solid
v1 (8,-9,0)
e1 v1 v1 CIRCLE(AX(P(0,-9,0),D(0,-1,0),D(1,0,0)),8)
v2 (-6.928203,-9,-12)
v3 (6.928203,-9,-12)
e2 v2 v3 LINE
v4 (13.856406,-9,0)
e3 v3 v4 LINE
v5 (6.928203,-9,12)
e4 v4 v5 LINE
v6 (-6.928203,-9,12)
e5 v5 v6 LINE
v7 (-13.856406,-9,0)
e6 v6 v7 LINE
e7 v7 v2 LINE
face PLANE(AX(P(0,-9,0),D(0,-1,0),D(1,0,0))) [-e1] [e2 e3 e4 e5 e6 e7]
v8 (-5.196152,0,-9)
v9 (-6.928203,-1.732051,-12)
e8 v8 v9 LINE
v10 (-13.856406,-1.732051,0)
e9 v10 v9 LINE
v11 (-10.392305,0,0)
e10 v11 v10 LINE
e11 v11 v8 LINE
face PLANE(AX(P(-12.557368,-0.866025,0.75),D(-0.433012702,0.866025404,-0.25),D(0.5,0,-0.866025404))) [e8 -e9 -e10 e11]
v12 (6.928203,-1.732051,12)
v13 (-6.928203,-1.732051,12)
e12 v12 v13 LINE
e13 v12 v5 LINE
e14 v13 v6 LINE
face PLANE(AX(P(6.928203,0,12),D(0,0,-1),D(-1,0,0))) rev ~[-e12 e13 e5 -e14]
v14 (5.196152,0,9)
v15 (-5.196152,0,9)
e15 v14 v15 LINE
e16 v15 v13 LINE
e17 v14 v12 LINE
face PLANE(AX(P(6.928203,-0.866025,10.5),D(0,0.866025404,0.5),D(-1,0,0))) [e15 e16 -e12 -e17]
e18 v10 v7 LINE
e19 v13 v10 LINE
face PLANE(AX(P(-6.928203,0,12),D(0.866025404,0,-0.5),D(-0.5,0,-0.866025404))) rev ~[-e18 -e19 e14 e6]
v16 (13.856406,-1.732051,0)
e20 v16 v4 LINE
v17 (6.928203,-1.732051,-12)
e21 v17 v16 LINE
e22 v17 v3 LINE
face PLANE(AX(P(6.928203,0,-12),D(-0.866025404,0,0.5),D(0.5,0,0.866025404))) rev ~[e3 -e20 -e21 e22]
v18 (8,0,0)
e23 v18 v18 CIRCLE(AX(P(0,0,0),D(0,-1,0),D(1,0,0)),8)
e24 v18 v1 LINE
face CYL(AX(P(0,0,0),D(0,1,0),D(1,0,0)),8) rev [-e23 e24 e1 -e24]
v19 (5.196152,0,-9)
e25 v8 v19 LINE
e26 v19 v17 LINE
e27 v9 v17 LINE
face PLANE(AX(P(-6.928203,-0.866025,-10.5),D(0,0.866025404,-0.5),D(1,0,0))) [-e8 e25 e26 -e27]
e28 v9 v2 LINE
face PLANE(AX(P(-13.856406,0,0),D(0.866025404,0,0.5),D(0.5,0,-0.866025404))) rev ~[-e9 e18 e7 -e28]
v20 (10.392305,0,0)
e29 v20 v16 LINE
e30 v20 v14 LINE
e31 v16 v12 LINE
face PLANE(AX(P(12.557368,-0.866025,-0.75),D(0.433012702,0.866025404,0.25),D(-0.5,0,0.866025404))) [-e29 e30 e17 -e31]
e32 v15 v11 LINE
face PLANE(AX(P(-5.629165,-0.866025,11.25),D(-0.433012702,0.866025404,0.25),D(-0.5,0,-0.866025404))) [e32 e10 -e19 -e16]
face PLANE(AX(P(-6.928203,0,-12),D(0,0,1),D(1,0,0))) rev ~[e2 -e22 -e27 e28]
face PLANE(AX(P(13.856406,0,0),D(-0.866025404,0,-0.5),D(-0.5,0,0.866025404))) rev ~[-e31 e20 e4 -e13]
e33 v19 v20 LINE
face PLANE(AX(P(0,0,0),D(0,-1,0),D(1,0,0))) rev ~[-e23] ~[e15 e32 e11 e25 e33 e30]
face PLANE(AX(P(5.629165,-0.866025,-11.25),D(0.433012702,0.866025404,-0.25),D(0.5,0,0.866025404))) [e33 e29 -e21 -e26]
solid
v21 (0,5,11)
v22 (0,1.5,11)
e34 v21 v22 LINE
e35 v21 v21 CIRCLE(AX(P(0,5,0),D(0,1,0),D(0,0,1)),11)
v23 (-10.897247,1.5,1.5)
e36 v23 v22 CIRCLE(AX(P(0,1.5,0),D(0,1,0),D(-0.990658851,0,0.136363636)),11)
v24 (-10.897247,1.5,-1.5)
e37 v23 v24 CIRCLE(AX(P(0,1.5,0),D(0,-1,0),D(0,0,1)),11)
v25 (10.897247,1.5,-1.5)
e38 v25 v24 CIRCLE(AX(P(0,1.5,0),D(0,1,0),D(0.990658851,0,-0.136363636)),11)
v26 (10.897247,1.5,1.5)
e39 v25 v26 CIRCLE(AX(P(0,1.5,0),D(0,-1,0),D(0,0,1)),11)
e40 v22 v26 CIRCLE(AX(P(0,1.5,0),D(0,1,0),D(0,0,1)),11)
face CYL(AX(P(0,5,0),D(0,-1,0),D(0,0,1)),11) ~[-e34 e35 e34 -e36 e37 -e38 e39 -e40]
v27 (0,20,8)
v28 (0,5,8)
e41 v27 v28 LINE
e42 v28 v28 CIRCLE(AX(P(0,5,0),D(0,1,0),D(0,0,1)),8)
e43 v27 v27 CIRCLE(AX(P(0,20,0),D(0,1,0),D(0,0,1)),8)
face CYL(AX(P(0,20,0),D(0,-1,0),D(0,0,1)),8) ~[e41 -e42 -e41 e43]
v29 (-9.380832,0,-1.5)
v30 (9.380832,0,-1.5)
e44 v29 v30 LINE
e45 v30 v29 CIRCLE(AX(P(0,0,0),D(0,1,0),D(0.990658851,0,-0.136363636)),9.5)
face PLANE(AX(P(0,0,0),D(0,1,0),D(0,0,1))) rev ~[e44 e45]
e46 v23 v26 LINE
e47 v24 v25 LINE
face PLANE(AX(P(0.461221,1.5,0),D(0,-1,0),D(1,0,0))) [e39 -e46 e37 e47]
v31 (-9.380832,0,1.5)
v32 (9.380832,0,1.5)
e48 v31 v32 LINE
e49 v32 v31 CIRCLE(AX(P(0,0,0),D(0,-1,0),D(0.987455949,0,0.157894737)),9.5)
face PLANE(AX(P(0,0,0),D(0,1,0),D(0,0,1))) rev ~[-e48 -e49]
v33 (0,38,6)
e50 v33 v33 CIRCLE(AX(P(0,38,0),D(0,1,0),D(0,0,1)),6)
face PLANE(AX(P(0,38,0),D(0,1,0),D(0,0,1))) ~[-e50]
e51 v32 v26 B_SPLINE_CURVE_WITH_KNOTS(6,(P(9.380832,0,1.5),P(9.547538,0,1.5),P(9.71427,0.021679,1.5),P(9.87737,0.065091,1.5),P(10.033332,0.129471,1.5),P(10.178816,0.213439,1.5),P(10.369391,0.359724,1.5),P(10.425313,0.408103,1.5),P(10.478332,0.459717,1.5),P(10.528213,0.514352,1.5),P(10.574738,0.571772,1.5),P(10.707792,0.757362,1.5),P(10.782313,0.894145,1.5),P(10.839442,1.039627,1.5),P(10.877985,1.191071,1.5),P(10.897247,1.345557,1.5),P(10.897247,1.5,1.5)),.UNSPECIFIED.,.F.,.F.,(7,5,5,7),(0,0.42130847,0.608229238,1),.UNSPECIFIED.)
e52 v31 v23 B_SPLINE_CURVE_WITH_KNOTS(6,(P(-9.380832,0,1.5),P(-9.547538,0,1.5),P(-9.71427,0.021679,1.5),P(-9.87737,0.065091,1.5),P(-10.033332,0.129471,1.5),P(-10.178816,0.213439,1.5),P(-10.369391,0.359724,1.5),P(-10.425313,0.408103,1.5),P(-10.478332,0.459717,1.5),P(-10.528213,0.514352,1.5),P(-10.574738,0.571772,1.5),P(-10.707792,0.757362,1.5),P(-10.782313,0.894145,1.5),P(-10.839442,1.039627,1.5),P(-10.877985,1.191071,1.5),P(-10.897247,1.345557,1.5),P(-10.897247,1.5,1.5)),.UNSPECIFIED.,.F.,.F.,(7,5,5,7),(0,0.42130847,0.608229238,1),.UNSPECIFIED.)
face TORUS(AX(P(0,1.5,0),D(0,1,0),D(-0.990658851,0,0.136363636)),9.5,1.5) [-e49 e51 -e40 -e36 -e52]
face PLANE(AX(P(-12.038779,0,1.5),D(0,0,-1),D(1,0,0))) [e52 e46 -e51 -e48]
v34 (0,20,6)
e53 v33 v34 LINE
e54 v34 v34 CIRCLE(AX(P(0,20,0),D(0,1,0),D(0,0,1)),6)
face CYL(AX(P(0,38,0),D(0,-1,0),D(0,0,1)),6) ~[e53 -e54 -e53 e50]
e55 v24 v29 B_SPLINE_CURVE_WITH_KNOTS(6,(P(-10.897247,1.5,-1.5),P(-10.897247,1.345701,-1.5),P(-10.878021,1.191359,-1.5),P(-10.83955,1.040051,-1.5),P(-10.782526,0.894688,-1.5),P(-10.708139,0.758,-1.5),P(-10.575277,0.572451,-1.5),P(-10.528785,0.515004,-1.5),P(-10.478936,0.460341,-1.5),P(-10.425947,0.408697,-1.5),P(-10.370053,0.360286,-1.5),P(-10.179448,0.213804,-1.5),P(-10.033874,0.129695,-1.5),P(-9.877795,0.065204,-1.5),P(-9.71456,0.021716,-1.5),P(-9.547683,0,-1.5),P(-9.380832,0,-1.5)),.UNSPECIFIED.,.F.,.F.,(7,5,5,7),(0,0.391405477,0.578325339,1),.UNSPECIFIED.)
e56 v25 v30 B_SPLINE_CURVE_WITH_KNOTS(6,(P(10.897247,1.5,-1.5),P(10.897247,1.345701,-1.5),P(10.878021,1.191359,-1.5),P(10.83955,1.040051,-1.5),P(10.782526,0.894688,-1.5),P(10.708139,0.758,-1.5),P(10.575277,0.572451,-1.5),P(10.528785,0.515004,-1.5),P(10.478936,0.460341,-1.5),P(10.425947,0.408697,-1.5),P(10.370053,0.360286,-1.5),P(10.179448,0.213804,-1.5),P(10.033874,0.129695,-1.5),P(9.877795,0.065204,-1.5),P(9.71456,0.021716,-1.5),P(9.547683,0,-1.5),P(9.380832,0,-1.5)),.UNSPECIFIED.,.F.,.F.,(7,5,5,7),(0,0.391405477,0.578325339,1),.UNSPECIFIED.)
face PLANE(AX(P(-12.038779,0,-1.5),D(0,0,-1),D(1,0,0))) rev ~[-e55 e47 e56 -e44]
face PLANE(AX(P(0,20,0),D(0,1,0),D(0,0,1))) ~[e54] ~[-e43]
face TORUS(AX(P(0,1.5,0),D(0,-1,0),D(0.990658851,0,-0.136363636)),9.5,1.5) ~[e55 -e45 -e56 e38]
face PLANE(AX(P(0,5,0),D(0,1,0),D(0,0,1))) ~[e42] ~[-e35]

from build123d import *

# Parameters (mm, degrees)
F2_R     = 8
F3_DEPTH = 9
F4_W     = 25
F4_H     = 3
F5_DEPTH = 1.5
F6_R     = 1.5
F7_SIZE2 = 1.7320508076
F7_SIZE  = 3


with BuildPart() as f1:
    # F0 (on Right) → F1 (revolve)
    with BuildSketch(Plane.YZ):
        Polygon((0, 11), (0, 0), (38, 0), (38, 6), (20, 6), (20, 8), (5, 8), (5, 11), align=None)
    revolve(axis=Axis((0, 13.9462187291, 0), (0, 1, 0)))

    # F4 (on face) → F5 (cut)
    with BuildSketch(Plane.XZ):
        with Locations((0.4612209588, 0)):
            Rectangle(F4_W, F4_H)
    extrude(amount=-F5_DEPTH, mode=Mode.SUBTRACT)

    # F6
    f6_edges = [f1.edges().sort_by_distance(p)[0] for p in [
        (-7.228416, 0, 8.291562),
        (7.228416, 0, 8.291562),
        (0, 0, -11),
    ]]
    fillet(f6_edges, radius=F6_R)


with BuildPart() as f3:
    # F2 (on Front) → F3 (new body)
    with BuildSketch(Plane.XZ):
        Polygon((-6.9282032303, -12), (6.9282032303, -12), (13.8564064606, 0), (6.9282032303, 12), (-6.9282032303, 12), (-13.8564064606, 0), align=None)
        Circle(F2_R, mode=Mode.SUBTRACT)
    extrude(amount=F3_DEPTH)

    # F7
    f7_edges = [f3.edges().sort_by_distance(p)[0] for p in [
        (0, 0, 12),
        (10.392305, 0, 6),
        (10.392305, 0, -6),
        (0, 0, -12),
        (-10.392305, 0, -6),
        (-10.392305, 0, 6),
    ]]
    f7_side = f3.faces().sort_by_distance((0, 0, -11.633394))[0]
    chamfer(f7_edges, length=F7_SIZE, length2=F7_SIZE2, reference=f7_side)


solid = Compound([f1.part, f3.part])
